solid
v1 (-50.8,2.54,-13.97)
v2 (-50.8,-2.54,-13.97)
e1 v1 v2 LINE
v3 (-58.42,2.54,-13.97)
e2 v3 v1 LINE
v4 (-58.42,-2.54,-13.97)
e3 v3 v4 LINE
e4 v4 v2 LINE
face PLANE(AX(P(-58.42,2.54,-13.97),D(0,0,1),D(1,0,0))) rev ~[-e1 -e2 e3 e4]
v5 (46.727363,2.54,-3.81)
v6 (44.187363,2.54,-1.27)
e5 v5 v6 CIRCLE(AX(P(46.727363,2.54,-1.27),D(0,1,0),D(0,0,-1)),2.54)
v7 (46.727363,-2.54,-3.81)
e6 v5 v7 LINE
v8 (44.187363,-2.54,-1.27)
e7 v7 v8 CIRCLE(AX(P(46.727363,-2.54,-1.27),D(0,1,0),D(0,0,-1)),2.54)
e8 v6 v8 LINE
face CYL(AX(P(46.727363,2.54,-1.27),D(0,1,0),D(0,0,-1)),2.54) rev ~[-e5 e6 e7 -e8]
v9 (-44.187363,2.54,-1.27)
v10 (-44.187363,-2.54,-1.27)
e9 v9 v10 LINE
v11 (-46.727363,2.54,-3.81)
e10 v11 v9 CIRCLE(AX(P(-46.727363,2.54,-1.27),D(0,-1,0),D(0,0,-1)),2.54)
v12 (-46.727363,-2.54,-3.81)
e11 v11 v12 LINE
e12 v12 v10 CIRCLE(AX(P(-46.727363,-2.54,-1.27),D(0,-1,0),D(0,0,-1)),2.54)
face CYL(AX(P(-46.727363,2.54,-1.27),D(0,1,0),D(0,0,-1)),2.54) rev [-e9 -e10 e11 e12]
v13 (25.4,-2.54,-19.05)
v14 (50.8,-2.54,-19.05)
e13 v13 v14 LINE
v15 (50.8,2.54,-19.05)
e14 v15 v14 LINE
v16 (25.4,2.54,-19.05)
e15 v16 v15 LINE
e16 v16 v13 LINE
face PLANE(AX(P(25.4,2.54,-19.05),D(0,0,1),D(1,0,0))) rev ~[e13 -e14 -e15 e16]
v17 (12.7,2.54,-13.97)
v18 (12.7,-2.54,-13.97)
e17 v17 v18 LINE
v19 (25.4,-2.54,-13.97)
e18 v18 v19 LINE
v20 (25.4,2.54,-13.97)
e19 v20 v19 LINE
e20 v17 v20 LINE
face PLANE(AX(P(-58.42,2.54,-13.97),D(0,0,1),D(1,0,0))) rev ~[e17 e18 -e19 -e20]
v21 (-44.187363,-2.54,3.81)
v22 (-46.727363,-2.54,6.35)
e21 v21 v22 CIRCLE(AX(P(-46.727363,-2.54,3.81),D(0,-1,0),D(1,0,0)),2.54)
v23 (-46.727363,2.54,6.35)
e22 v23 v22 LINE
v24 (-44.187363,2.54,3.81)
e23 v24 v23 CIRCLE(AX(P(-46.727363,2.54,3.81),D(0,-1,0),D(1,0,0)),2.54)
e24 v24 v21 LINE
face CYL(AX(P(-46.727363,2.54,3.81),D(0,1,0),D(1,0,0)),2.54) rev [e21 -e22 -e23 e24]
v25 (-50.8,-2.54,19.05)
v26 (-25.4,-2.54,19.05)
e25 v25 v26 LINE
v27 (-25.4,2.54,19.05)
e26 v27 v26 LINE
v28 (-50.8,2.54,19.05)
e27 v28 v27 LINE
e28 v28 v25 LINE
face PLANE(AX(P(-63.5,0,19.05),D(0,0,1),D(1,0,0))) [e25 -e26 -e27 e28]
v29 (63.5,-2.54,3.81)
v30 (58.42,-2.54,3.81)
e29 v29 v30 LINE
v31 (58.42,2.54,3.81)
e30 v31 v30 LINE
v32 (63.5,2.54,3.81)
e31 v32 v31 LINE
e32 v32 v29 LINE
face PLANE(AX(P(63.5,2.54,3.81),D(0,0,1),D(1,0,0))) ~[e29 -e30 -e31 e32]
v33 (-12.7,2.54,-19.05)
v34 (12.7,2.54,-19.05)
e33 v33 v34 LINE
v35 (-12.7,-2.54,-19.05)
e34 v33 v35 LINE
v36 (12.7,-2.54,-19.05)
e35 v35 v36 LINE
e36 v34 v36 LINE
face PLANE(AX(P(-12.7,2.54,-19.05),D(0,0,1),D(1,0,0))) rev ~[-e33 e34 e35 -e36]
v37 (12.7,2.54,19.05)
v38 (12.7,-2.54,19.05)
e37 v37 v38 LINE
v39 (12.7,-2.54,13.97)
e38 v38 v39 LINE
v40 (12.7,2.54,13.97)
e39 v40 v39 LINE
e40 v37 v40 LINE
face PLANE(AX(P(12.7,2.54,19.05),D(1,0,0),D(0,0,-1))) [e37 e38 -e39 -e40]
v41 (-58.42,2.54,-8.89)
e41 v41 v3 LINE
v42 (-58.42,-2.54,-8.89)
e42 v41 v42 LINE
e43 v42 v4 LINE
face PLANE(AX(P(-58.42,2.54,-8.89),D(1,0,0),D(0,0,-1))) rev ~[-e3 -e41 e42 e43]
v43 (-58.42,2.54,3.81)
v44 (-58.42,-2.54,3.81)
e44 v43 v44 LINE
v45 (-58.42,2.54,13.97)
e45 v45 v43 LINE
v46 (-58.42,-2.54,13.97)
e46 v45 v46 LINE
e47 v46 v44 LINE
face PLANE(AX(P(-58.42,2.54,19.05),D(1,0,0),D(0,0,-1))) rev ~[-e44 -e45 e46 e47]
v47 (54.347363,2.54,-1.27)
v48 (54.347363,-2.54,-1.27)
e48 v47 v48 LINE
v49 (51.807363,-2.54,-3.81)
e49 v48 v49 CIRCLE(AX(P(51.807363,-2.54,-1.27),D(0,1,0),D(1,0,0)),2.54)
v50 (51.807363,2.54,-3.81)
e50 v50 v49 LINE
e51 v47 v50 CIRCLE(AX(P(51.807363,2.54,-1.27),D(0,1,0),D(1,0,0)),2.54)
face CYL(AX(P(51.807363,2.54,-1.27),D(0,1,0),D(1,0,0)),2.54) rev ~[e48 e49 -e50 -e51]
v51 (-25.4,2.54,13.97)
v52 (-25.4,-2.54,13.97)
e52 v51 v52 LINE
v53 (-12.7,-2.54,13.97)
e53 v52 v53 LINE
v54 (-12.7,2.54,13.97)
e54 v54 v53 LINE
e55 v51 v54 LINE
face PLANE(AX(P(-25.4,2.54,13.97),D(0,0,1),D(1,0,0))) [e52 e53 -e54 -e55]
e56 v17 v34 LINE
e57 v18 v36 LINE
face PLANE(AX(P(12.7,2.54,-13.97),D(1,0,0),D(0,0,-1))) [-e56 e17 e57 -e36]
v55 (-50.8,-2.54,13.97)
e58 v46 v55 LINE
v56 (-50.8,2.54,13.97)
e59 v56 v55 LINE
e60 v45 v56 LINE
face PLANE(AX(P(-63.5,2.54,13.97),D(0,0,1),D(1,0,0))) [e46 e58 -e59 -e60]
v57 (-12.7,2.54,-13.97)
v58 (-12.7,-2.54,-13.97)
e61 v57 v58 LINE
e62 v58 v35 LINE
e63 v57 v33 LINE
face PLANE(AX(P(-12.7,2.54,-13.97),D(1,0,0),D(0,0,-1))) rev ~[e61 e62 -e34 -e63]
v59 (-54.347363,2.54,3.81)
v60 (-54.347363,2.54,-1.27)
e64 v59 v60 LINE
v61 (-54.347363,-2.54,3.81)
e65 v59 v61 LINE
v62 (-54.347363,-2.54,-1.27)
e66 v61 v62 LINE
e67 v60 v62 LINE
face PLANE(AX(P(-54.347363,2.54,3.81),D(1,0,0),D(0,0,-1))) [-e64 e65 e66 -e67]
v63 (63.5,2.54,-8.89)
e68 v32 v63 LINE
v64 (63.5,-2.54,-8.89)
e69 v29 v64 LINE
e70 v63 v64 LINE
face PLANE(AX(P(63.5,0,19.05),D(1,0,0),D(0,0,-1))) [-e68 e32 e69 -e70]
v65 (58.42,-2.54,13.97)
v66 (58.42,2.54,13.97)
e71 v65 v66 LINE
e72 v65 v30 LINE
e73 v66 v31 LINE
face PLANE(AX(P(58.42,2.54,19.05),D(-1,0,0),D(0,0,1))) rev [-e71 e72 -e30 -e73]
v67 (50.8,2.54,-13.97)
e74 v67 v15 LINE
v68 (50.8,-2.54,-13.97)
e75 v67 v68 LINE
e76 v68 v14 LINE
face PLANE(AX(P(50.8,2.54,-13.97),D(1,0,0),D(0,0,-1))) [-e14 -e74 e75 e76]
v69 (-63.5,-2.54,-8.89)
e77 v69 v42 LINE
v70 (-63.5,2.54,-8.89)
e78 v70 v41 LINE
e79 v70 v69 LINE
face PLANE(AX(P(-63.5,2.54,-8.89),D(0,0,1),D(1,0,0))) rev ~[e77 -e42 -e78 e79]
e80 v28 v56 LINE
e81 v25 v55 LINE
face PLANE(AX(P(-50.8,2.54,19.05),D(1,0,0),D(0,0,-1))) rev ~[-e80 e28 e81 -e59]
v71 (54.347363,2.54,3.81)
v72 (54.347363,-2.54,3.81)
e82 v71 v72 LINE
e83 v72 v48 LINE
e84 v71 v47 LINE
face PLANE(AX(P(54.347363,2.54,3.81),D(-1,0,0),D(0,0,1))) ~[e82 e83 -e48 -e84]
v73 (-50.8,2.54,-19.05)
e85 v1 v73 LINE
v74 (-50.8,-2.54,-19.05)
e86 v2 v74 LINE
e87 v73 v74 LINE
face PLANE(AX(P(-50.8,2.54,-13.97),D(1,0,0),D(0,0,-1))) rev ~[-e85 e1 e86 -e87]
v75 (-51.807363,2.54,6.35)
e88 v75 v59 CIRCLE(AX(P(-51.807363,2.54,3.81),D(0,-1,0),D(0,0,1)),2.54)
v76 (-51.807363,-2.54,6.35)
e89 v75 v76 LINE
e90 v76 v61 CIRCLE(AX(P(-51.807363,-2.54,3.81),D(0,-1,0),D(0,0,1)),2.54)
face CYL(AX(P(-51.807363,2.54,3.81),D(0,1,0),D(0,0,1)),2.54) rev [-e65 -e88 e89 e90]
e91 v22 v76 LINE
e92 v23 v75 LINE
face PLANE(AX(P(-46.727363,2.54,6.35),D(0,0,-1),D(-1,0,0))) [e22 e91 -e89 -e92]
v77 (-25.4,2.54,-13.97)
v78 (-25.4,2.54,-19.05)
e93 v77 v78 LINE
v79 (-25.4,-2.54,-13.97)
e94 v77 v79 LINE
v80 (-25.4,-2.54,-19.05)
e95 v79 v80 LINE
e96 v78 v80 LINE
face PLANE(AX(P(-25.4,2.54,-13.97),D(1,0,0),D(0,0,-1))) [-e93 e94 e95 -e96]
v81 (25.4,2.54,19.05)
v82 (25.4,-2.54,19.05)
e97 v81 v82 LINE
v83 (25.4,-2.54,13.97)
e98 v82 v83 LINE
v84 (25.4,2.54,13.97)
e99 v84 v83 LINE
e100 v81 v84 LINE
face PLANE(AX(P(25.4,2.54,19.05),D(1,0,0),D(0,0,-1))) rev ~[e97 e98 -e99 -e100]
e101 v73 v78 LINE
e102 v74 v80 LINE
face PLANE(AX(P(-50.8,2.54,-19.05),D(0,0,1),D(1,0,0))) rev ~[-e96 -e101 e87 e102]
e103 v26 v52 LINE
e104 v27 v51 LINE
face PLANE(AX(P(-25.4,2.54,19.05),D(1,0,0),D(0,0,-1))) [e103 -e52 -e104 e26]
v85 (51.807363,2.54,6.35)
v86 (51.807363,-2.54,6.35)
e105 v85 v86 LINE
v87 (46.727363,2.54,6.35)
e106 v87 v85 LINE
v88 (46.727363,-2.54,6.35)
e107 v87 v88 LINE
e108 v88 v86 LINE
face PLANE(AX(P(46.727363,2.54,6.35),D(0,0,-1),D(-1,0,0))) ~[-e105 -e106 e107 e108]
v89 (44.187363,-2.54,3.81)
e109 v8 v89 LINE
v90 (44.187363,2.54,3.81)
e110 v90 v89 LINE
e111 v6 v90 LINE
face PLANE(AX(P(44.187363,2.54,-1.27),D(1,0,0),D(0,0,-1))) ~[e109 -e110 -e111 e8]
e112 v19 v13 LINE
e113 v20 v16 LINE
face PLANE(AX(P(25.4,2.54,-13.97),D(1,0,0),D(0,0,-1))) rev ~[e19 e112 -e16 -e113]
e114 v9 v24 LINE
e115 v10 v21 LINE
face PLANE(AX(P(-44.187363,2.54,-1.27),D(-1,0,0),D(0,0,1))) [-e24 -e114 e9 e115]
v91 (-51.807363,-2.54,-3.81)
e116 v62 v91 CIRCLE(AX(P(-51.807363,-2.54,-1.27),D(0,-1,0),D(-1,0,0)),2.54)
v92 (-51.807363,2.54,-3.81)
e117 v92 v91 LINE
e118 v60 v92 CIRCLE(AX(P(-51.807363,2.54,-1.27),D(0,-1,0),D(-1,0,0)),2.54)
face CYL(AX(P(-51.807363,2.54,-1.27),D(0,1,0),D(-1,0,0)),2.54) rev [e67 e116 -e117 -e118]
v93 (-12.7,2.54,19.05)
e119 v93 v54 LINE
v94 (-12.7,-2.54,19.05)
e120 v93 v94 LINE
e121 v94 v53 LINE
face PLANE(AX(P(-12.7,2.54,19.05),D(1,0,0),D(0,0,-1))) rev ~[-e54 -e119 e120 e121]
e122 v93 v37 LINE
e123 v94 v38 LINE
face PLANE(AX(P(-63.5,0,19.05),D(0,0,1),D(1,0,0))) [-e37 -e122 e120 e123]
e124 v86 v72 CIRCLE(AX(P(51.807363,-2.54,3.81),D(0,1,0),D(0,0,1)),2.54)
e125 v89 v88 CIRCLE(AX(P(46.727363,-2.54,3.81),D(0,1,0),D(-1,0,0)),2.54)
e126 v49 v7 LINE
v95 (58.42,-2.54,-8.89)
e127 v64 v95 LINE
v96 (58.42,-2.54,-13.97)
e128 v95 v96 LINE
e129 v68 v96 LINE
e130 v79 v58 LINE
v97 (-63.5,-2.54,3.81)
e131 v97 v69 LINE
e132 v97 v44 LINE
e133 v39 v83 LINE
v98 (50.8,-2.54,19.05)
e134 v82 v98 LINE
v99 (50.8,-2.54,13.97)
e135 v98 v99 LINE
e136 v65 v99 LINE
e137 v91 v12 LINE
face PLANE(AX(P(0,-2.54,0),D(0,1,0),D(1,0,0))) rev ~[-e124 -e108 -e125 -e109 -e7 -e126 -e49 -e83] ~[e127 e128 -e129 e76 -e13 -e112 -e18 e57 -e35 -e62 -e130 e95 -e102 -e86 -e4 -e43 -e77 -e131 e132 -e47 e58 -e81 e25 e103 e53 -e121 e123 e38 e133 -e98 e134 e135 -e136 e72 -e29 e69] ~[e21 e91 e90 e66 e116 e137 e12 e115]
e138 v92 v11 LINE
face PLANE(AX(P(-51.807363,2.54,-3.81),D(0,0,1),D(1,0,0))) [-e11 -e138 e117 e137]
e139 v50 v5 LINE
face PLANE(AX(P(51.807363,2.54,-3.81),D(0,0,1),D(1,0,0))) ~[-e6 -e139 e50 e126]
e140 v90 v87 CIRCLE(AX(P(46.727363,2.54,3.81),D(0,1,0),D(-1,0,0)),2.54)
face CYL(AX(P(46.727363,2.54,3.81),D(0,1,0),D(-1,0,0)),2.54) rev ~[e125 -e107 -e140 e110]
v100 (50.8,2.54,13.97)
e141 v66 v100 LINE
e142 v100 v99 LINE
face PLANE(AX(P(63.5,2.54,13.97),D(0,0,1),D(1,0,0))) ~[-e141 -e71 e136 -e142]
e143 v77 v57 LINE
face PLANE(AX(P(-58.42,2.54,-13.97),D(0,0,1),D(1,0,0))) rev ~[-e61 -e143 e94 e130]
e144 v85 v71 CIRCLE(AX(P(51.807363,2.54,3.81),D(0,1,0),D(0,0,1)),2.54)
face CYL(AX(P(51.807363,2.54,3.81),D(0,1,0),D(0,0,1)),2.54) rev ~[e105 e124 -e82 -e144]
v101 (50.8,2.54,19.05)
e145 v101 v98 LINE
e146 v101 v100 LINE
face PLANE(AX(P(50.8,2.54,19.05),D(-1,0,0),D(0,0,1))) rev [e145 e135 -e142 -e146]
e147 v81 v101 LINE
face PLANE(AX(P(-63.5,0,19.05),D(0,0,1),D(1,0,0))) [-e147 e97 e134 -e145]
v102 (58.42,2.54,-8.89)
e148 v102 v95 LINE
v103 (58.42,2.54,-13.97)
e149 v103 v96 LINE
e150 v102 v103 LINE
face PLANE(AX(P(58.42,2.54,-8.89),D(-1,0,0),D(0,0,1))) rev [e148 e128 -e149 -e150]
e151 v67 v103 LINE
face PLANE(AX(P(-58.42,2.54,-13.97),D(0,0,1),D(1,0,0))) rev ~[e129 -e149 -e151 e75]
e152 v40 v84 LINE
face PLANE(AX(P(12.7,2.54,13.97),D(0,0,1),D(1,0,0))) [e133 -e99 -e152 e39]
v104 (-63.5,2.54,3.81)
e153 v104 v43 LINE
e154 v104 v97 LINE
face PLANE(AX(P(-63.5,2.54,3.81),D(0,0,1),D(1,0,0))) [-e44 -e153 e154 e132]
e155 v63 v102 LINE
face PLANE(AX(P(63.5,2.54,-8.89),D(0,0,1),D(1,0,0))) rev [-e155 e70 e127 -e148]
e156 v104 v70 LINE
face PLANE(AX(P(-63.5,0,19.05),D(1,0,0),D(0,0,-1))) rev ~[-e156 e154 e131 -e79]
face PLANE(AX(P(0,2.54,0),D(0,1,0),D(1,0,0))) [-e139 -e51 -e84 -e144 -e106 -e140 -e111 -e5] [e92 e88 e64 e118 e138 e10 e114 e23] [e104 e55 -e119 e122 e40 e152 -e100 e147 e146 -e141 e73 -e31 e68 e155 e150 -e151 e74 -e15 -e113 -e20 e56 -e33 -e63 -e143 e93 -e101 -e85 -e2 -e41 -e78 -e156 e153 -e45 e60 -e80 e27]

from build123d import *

# Parameters (mm, degrees)
SKETCH1_W           = 127
SKETCH1_H           = 38.1
BOSS_EXTRUDE1_DEPTH = 2.54
SKETCH2_W           = 5.08
SKETCH2_H           = 10.16
SKETCH2_H_2         = 15.24
CUT_EXTRUDE1_DEPTH  = 5.08
SKETCH3_W           = 12.7
SKETCH3_H           = 5.08
CUT_EXTRUDE2_DEPTH  = 5.08
SKETCH4_W           = 12.7
SKETCH4_H           = 5.08
CUT_EXTRUDE4_DEPTH  = 5.08
LPATTERN1_COUNT     = 2
LPATTERN1_PITCH     = 38.1
SKETCH7_W           = 116.84
SKETCH7_H           = 5.08
CUT_EXTRUDE7_DEPTH  = 5.08
SKETCH8_W           = 25.4
SKETCH8_H           = 5.08
BOSS_EXTRUDE2_DEPTH = 5.08
CUT_EXTRUDE8_DEPTH  = 5.08


with BuildPart() as part:
    # Sketch1 → Boss-Extrude1 (new body, symmetric)
    with BuildSketch(Plane(origin=(0, 0, 0), x_dir=(1, 0, 0), z_dir=(0, 1, 0))):
        Rectangle(SKETCH1_W, SKETCH1_H)
    extrude(amount=BOSS_EXTRUDE1_DEPTH, both=True)

    # Sketch2 → Cut-Extrude1 (cut)
    with BuildSketch(Plane(origin=(0, 2.54, 0), x_dir=(1, 0, 0), z_dir=(0, 1, 0))):
        with Locations((-60.96, 13.97)):
            Rectangle(SKETCH2_W, SKETCH2_H)
        with Locations((-60.96, -11.43)):
            Rectangle(SKETCH2_W, SKETCH2_H_2)
    cut_extrude1 = extrude(amount=-CUT_EXTRUDE1_DEPTH, mode=Mode.SUBTRACT)

    # Mirror1: Cut-Extrude1 across plane
    add(cut_extrude1.mirror(Plane(origin=(0, 0, 0), x_dir=(0, 0, 1), z_dir=(1, 0, 0))), mode=Mode.SUBTRACT)

    # Sketch3 → Cut-Extrude2 (cut)
    with BuildSketch(Plane(origin=(0, 2.54, 0), x_dir=(1, 0, 0), z_dir=(0, 1, 0))):
        with Locations((-57.15, -16.51)):
            Rectangle(SKETCH3_W, SKETCH3_H)
    cut_extrude2 = extrude(amount=-CUT_EXTRUDE2_DEPTH, mode=Mode.SUBTRACT)

    # Mirror2: Cut-Extrude2 across plane
    add(cut_extrude2.mirror(Plane(origin=(0, 0, 0), x_dir=(0, 0, 1), z_dir=(1, 0, 0))), mode=Mode.SUBTRACT)

    # Sketch4 → Cut-Extrude4 (cut)
    with BuildSketch(Plane(origin=(0, 2.54, 0), x_dir=(1, 0, 0), z_dir=(0, 1, 0))):
        with Locations((-19.05, -16.51)):
            Rectangle(SKETCH4_W, SKETCH4_H)
    cut_extrude4 = extrude(amount=-CUT_EXTRUDE4_DEPTH, mode=Mode.SUBTRACT)

    # LPattern1: Cut-Extrude4 ×2
    with Locations(*[(i * LPATTERN1_PITCH, 0, 0) for i in range(1, LPATTERN1_COUNT)]):
        add(cut_extrude4, mode=Mode.SUBTRACT)

    # Sketch7 → Cut-Extrude7 (cut)
    with BuildSketch(Plane(origin=(0, 2.54, 0), x_dir=(1, 0, 0), z_dir=(0, 1, 0))):
        with Locations((0, 16.51)):
            Rectangle(SKETCH7_W, SKETCH7_H)
    extrude(amount=-CUT_EXTRUDE7_DEPTH, mode=Mode.SUBTRACT)

    # Sketch8 → Boss-Extrude2 (add)
    with BuildSketch(Plane(origin=(0, 2.54, 0), x_dir=(1, 0, 0), z_dir=(0, 1, 0))):
        with Locations((-38.1, 16.51)):
            Rectangle(SKETCH8_W, SKETCH8_H)
        with Locations((0, 16.51)):
            Rectangle(SKETCH8_W, SKETCH8_H)
        with Locations((38.1, 16.51)):
            Rectangle(SKETCH8_W, SKETCH8_H)
    extrude(amount=-BOSS_EXTRUDE2_DEPTH)

    # Sketch9 → Cut-Extrude8 (cut)
    with BuildSketch(Plane(origin=(0, 2.54, 0), x_dir=(1, 0, 0), z_dir=(0, 1, 0))):
        with BuildLine():
            Line((-51.807363259, 3.81), (-46.727363259, 3.81))
            ThreePointArc((-46.727363259, 3.81), (-44.931312035, 3.066051224), (-44.187363259, 1.27))
            Line((-44.187363259, 1.27), (-44.187363259, -3.81))
            ThreePointArc((-44.187363259, -3.81), (-44.931312035, -5.606051224), (-46.727363259, -6.35))
            Line((-46.727363259, -6.35), (-51.807363259, -6.35))
            ThreePointArc((-51.807363259, -6.35), (-53.603414483, -5.606051224), (-54.347363259, -3.81))
            Line((-54.347363259, -3.81), (-54.347363259, 1.27))
            ThreePointArc((-54.347363259, 1.27), (-53.603414483, 3.066051224), (-51.807363259, 3.81))
        make_face()
    cut_extrude8 = extrude(amount=-CUT_EXTRUDE8_DEPTH, mode=Mode.SUBTRACT)

    # Mirror3: Cut-Extrude8 across plane
    add(cut_extrude8.mirror(Plane(origin=(0, 0, 0), x_dir=(0, 0, 1), z_dir=(1, 0, 0))), mode=Mode.SUBTRACT)


solid = part.part
